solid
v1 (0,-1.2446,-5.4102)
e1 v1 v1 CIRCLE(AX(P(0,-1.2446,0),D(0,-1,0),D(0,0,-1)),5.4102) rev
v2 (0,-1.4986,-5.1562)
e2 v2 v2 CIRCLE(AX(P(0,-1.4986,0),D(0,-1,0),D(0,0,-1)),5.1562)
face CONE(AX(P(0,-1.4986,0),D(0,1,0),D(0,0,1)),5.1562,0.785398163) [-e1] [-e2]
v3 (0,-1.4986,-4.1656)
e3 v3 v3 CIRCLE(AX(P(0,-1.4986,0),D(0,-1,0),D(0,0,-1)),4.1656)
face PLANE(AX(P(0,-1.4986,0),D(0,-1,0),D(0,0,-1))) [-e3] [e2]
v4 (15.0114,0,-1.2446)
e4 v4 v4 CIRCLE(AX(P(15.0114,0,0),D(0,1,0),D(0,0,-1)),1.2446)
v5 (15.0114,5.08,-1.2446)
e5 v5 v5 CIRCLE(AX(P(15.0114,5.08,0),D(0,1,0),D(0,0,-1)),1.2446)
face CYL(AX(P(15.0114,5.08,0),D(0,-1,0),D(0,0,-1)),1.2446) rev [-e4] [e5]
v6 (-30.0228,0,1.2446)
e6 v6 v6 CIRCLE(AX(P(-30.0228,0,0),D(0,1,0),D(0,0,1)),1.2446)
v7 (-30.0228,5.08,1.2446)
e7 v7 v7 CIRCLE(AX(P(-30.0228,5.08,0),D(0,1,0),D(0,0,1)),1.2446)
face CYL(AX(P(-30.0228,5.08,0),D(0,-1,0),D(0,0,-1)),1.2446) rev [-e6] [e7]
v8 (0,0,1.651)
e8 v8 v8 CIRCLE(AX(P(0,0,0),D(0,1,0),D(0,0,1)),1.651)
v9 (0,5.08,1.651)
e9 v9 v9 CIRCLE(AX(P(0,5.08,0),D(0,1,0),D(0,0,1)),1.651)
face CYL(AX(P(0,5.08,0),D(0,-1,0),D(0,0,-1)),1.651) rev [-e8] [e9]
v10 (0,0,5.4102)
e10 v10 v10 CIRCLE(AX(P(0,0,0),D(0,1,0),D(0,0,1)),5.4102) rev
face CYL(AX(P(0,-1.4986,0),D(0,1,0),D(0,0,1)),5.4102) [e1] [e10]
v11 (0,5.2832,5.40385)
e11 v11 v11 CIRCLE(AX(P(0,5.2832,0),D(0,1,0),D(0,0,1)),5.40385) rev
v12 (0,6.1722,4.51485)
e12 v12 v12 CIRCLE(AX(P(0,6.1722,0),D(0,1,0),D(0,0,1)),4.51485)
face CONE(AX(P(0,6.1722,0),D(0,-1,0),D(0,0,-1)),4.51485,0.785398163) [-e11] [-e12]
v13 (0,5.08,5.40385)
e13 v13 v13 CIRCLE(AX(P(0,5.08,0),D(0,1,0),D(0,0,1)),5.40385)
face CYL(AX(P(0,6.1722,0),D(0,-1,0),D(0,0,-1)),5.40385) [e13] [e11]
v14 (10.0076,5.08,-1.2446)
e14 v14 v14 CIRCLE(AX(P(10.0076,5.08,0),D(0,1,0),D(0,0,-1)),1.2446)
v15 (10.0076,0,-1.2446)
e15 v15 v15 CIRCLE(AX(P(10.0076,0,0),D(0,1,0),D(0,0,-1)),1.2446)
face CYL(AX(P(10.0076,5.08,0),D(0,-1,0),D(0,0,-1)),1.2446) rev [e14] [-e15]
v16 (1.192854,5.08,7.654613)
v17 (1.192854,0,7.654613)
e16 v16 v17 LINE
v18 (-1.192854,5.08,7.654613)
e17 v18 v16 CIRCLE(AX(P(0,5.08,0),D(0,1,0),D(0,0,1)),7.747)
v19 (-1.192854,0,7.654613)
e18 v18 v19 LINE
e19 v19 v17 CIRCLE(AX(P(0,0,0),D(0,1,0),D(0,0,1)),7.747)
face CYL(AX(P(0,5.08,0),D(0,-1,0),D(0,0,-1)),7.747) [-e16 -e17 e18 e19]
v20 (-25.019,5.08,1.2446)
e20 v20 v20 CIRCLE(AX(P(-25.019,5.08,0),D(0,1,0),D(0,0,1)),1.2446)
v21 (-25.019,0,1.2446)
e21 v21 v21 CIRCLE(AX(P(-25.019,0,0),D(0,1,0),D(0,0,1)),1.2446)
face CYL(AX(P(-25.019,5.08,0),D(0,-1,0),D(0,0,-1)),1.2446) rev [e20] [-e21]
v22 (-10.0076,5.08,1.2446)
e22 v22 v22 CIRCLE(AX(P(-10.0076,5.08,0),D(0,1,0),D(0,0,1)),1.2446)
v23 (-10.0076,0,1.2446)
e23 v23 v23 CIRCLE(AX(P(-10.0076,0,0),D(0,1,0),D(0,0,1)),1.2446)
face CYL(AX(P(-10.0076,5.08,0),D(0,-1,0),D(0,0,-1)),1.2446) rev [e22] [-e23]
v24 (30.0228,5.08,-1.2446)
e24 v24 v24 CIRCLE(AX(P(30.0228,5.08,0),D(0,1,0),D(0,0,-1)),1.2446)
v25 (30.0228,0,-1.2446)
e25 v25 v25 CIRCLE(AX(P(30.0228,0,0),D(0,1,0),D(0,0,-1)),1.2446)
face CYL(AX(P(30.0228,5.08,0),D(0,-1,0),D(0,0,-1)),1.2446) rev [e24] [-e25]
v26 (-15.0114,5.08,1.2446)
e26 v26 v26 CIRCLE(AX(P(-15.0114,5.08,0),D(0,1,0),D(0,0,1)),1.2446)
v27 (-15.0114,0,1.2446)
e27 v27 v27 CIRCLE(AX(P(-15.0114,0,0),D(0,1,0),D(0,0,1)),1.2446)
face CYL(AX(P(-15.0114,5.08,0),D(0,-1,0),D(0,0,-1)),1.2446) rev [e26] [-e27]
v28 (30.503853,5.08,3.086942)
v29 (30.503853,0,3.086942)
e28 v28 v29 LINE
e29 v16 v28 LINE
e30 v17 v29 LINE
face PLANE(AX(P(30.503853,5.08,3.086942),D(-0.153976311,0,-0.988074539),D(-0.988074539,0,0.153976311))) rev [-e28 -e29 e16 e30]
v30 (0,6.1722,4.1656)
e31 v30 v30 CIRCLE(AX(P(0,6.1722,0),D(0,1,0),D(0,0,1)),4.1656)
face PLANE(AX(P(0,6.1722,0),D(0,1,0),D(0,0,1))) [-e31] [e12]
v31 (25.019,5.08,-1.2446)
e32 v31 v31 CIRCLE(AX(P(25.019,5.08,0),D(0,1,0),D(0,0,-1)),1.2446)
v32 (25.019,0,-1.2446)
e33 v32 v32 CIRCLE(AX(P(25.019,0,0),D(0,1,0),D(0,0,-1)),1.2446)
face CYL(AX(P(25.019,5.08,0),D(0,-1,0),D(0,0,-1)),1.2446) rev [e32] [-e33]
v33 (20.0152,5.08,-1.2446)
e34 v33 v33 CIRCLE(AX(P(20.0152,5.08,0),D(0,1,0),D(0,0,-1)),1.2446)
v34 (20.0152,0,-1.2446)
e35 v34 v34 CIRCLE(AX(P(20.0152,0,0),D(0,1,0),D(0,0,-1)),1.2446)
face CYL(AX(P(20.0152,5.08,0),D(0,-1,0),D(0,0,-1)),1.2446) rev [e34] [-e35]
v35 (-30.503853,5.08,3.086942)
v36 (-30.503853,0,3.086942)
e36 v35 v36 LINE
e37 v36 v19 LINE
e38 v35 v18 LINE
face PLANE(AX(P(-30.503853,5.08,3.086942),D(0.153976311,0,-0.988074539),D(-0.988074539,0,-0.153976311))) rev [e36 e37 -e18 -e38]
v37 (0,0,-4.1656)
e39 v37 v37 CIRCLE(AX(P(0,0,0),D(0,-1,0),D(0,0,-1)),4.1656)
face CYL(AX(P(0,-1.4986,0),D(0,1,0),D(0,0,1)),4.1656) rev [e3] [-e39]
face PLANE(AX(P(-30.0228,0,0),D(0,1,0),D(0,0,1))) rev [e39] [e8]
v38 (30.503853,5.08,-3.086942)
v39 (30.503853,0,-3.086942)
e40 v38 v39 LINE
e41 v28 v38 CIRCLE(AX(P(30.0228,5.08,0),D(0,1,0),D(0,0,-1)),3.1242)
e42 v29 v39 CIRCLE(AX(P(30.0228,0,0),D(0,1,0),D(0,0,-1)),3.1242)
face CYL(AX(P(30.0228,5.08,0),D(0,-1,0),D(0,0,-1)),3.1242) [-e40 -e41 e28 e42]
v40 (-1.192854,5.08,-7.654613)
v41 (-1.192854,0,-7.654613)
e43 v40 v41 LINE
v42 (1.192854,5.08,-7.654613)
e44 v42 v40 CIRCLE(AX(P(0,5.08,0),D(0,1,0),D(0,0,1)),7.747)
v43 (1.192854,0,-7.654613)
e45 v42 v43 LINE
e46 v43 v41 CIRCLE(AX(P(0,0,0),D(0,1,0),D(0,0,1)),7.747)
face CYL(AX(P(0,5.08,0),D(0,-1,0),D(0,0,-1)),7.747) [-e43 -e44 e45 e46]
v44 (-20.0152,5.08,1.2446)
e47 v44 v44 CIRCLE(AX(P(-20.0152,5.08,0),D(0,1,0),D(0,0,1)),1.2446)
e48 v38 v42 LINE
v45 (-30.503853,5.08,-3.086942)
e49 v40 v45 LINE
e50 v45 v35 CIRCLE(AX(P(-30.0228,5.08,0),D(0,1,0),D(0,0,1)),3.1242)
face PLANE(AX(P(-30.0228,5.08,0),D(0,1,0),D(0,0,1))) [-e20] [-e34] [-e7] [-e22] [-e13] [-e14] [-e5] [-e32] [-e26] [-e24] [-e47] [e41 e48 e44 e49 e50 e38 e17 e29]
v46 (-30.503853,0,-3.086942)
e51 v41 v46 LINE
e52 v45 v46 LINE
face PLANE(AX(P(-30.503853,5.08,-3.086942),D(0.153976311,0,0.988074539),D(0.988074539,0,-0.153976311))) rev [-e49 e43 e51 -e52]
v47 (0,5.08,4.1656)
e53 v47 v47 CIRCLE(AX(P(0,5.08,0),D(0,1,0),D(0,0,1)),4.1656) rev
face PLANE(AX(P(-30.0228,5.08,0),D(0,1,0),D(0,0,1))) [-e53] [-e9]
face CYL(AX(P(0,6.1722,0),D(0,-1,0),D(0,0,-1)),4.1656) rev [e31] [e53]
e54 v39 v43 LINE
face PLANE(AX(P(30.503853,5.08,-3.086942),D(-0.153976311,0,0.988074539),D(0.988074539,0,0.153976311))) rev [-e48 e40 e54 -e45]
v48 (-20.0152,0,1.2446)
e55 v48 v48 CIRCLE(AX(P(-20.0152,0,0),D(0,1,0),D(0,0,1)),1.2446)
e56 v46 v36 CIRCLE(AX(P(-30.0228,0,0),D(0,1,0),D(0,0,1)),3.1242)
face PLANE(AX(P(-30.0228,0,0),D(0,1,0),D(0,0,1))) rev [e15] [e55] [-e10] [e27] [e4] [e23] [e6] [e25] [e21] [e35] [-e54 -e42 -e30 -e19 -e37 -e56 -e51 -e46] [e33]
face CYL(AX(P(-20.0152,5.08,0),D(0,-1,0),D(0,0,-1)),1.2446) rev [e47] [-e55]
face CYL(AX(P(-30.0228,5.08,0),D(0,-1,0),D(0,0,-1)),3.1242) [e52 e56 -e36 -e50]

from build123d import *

# Parameters (mm, degrees)
SKETCH1_R           = 1.651
SKETCH1_R_2         = 1.2446
BOSS_EXTRUDE1_DEPTH = 5.08
SKETCH2_R           = 5.40385
SKETCH2_R_2         = 4.1656
BOSS_EXTRUDE2_DEPTH = 1.0922
CHAMFER1_SIZE       = 0.889
SKETCH4_R           = 5.4102
SKETCH4_R_2         = 4.1656
BOSS_EXTRUDE3_DEPTH = 1.4986
CHAMFER2_SIZE       = 0.254


with BuildPart() as part:
    # Sketch1 → Boss-Extrude1 (new body)
    with BuildSketch(Plane(origin=(0, 0, 0), x_dir=(1, 0, 0), z_dir=(0, 1, 0))):
        with BuildLine():
            Line((-30.503852792, 3.086942476), (-1.192854484, 7.654613457))
            ThreePointArc((-1.192854484, 7.654613457), (0, 7.747), (1.192854484, 7.654613457))
            Line((1.192854484, 7.654613457), (30.503852792, 3.086942476))
            ThreePointArc((30.503852792, 3.086942476), (33.147, 0), (30.503852792, -3.086942476))
            Line((30.503852792, -3.086942476), (1.192854484, -7.654613457))
            ThreePointArc((1.192854484, -7.654613457), (0, -7.747), (-1.192854484, -7.654613457))
            Line((-1.192854484, -7.654613457), (-30.503852792, -3.086942476))
            ThreePointArc((-30.503852792, -3.086942476), (-33.147, 0), (-30.503852792, 3.086942476))
        make_face()
        Circle(SKETCH1_R, mode=Mode.SUBTRACT)
        with Locations((-10.0076, 0)):
            Circle(SKETCH1_R_2, mode=Mode.SUBTRACT)
        with Locations((-15.0114, 0)):
            Circle(SKETCH1_R_2, mode=Mode.SUBTRACT)
        with Locations((-20.0152, 0)):
            Circle(SKETCH1_R_2, mode=Mode.SUBTRACT)
        with Locations((-25.019, 0)):
            Circle(SKETCH1_R_2, mode=Mode.SUBTRACT)
        with Locations((-30.0228, 0)):
            Circle(SKETCH1_R_2, mode=Mode.SUBTRACT)
        with Locations((30.0228, 0)):
            Circle(SKETCH1_R_2, mode=Mode.SUBTRACT)
        with Locations((25.019, 0)):
            Circle(SKETCH1_R_2, mode=Mode.SUBTRACT)
        with Locations((20.0152, 0)):
            Circle(SKETCH1_R_2, mode=Mode.SUBTRACT)
        with Locations((15.0114, 0)):
            Circle(SKETCH1_R_2, mode=Mode.SUBTRACT)
        with Locations((10.0076, 0)):
            Circle(SKETCH1_R_2, mode=Mode.SUBTRACT)
    extrude(amount=BOSS_EXTRUDE1_DEPTH)

    # Sketch2 → Boss-Extrude2 (add)
    with BuildSketch(Plane(origin=(0, 5.08, 0), x_dir=(1, 0, 0), z_dir=(0, 1, 0))):
        Circle(SKETCH2_R)
        Circle(SKETCH2_R_2, mode=Mode.SUBTRACT)
    extrude(amount=BOSS_EXTRUDE2_DEPTH)

    # Chamfer1
    chamfer1_edges = [part.edges().sort_by_distance(p)[0] for p in [
        (-5.40385, 6.1722, 0),
    ]]
    chamfer(chamfer1_edges, length=CHAMFER1_SIZE)

    # Sketch4 → Boss-Extrude3 (add)
    with BuildSketch(Plane.XZ):
        Circle(SKETCH4_R)
        Circle(SKETCH4_R_2, mode=Mode.SUBTRACT)
    extrude(amount=BOSS_EXTRUDE3_DEPTH)

    # Chamfer2
    chamfer2_edges = [part.edges().sort_by_distance(p)[0] for p in [
        (-5.4102, -1.4986, 0),
    ]]
    chamfer(chamfer2_edges, length=CHAMFER2_SIZE)


solid = part.part
